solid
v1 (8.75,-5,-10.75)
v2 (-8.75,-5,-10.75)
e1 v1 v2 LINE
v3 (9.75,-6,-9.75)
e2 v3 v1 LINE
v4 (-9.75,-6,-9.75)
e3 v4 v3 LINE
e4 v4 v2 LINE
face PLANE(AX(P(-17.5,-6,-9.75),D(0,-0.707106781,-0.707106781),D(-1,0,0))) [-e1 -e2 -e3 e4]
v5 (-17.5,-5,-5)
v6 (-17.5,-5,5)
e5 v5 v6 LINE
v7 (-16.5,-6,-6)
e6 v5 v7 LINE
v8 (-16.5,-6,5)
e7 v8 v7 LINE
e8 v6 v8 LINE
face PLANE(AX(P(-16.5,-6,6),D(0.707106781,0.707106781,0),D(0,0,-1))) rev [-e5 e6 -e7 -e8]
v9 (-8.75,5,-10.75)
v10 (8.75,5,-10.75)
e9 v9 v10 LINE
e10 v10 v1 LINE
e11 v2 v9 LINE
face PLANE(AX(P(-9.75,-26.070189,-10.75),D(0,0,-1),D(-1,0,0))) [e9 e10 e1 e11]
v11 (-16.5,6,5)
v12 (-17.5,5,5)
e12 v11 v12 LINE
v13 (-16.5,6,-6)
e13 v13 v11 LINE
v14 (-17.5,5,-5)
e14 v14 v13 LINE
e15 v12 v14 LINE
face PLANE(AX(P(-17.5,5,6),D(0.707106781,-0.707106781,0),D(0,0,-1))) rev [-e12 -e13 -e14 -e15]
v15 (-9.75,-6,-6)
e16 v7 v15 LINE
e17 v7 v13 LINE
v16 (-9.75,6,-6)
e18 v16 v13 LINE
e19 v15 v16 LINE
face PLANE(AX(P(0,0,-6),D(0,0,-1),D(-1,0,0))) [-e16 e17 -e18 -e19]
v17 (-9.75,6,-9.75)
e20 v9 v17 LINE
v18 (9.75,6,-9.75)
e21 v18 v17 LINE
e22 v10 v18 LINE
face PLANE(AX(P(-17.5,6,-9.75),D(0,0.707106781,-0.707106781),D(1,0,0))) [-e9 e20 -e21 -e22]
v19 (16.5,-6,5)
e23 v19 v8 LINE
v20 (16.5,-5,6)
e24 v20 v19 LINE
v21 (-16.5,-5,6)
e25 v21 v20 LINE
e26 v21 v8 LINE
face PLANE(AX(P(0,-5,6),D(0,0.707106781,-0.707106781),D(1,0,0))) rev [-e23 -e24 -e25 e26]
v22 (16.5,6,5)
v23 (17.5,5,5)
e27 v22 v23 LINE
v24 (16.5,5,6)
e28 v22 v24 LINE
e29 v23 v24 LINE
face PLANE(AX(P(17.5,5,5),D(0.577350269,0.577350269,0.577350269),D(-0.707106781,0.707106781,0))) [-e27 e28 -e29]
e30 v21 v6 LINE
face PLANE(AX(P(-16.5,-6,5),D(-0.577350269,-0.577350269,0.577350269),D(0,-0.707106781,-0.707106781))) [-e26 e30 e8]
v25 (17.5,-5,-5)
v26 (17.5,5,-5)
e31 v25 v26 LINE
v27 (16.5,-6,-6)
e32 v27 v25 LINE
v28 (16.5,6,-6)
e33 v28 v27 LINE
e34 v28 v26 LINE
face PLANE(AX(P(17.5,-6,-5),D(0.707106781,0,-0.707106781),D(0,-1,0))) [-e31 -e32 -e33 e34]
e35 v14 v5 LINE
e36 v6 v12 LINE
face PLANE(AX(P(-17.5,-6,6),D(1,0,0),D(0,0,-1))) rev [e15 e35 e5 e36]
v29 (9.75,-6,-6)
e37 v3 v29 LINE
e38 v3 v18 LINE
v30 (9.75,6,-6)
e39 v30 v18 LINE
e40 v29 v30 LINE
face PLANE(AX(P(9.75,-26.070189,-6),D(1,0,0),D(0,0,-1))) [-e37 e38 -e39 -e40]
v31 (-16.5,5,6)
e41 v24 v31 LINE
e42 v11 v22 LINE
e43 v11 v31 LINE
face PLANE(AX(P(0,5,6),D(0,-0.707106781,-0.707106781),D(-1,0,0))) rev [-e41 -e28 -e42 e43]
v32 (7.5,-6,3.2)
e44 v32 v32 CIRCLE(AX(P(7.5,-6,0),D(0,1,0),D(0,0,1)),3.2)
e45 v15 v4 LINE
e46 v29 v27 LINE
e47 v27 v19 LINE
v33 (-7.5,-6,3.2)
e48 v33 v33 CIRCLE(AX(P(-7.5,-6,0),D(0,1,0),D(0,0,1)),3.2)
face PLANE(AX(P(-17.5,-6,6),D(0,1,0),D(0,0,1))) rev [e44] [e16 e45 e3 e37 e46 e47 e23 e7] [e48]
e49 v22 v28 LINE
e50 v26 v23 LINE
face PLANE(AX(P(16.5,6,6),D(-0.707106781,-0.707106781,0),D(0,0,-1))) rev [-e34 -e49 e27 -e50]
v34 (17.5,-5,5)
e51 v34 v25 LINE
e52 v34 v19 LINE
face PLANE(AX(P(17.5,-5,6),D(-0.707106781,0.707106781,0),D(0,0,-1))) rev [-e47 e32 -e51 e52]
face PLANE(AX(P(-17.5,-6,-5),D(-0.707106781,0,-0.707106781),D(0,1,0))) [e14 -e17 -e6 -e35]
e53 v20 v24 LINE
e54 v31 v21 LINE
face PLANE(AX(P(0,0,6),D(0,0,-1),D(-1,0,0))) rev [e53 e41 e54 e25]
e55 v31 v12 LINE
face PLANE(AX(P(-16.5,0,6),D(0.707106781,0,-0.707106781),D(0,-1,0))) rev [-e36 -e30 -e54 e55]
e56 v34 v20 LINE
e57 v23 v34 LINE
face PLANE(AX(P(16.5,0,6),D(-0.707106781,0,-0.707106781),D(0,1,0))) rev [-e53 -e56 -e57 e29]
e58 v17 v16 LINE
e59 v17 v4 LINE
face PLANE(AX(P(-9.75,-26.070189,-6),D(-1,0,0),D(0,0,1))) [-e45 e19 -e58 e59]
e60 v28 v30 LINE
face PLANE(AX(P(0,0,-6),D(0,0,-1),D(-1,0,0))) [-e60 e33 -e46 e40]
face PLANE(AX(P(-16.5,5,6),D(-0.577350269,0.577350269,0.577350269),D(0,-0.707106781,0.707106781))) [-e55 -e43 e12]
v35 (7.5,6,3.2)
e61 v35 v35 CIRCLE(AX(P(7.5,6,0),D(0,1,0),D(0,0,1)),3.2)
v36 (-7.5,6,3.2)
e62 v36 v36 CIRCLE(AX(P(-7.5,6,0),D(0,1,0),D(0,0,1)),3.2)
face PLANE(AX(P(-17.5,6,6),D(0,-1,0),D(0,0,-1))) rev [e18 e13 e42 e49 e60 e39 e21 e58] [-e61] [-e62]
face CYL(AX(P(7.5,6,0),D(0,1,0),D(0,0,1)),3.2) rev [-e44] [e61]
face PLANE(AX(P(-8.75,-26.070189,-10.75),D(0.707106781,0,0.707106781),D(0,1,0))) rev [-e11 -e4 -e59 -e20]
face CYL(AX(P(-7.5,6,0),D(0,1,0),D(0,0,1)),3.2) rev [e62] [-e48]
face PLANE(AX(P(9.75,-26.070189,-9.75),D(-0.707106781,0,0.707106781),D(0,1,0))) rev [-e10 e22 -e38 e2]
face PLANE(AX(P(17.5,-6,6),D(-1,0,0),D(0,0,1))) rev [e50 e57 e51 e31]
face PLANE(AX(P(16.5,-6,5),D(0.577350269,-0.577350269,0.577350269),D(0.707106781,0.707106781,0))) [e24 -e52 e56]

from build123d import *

# Parameters (mm, degrees)
SKETCH1_W            = 35
SKETCH1_H            = 12
BOSS_EXTRUDE1_DEPTH  = 6
SKETCH3_W            = 19.5
SKETCH3_H            = 4.75
BOSS_EXTRUDE2_DEPTH  = 12
M6_CLEARANCE_HOLE1_D = 6.4
CHAMFER4_SIZE        = 1


with BuildPart() as part:
    # Sketch1 → Boss-Extrude1 (new, symmetric)
    with BuildSketch(Plane.XY):
        Rectangle(SKETCH1_W, SKETCH1_H)
    extrude(amount=BOSS_EXTRUDE1_DEPTH, both=True)

    # Sketch3 → Boss-Extrude2 (add)
    with BuildSketch(Plane(origin=(0, 6, 0), x_dir=(1, 0, 0), z_dir=(0, 1, 0))):
        with Locations((0, 8.375)):
            Rectangle(SKETCH3_W, SKETCH3_H)
    extrude(amount=-BOSS_EXTRUDE2_DEPTH)

    # M6 Clearance Hole1 (through all)
    with Locations(Plane(origin=(0, 6, 0), x_dir=(1, 0, 0), z_dir=(0, 1, 0))):
        with Locations((-7.5, 0), (7.5, 0)):
            Hole(M6_CLEARANCE_HOLE1_D / 2)

    # Chamfer4
    chamfer4_edges = [part.edges().sort_by_distance(p)[0] for p in [
        (-17.5, 0, 6),
        (0, -6, 6),
        (-9.75, 0, -10.75),
        (9.75, 0, -10.75),
        (0, 6, -10.75),
        (0, -6, -10.75),
        (17.5, 0, 6),
        (-17.5, 0, -6),
        (17.5, 0, -6),
        (17.5, -6, 0),
        (-17.5, -6, 0),
        (-17.5, 6, 0),
        (17.5, 6, 0),
        (0, 6, 6),
    ]]
    chamfer(chamfer4_edges, length=CHAMFER4_SIZE)


solid = part.part
